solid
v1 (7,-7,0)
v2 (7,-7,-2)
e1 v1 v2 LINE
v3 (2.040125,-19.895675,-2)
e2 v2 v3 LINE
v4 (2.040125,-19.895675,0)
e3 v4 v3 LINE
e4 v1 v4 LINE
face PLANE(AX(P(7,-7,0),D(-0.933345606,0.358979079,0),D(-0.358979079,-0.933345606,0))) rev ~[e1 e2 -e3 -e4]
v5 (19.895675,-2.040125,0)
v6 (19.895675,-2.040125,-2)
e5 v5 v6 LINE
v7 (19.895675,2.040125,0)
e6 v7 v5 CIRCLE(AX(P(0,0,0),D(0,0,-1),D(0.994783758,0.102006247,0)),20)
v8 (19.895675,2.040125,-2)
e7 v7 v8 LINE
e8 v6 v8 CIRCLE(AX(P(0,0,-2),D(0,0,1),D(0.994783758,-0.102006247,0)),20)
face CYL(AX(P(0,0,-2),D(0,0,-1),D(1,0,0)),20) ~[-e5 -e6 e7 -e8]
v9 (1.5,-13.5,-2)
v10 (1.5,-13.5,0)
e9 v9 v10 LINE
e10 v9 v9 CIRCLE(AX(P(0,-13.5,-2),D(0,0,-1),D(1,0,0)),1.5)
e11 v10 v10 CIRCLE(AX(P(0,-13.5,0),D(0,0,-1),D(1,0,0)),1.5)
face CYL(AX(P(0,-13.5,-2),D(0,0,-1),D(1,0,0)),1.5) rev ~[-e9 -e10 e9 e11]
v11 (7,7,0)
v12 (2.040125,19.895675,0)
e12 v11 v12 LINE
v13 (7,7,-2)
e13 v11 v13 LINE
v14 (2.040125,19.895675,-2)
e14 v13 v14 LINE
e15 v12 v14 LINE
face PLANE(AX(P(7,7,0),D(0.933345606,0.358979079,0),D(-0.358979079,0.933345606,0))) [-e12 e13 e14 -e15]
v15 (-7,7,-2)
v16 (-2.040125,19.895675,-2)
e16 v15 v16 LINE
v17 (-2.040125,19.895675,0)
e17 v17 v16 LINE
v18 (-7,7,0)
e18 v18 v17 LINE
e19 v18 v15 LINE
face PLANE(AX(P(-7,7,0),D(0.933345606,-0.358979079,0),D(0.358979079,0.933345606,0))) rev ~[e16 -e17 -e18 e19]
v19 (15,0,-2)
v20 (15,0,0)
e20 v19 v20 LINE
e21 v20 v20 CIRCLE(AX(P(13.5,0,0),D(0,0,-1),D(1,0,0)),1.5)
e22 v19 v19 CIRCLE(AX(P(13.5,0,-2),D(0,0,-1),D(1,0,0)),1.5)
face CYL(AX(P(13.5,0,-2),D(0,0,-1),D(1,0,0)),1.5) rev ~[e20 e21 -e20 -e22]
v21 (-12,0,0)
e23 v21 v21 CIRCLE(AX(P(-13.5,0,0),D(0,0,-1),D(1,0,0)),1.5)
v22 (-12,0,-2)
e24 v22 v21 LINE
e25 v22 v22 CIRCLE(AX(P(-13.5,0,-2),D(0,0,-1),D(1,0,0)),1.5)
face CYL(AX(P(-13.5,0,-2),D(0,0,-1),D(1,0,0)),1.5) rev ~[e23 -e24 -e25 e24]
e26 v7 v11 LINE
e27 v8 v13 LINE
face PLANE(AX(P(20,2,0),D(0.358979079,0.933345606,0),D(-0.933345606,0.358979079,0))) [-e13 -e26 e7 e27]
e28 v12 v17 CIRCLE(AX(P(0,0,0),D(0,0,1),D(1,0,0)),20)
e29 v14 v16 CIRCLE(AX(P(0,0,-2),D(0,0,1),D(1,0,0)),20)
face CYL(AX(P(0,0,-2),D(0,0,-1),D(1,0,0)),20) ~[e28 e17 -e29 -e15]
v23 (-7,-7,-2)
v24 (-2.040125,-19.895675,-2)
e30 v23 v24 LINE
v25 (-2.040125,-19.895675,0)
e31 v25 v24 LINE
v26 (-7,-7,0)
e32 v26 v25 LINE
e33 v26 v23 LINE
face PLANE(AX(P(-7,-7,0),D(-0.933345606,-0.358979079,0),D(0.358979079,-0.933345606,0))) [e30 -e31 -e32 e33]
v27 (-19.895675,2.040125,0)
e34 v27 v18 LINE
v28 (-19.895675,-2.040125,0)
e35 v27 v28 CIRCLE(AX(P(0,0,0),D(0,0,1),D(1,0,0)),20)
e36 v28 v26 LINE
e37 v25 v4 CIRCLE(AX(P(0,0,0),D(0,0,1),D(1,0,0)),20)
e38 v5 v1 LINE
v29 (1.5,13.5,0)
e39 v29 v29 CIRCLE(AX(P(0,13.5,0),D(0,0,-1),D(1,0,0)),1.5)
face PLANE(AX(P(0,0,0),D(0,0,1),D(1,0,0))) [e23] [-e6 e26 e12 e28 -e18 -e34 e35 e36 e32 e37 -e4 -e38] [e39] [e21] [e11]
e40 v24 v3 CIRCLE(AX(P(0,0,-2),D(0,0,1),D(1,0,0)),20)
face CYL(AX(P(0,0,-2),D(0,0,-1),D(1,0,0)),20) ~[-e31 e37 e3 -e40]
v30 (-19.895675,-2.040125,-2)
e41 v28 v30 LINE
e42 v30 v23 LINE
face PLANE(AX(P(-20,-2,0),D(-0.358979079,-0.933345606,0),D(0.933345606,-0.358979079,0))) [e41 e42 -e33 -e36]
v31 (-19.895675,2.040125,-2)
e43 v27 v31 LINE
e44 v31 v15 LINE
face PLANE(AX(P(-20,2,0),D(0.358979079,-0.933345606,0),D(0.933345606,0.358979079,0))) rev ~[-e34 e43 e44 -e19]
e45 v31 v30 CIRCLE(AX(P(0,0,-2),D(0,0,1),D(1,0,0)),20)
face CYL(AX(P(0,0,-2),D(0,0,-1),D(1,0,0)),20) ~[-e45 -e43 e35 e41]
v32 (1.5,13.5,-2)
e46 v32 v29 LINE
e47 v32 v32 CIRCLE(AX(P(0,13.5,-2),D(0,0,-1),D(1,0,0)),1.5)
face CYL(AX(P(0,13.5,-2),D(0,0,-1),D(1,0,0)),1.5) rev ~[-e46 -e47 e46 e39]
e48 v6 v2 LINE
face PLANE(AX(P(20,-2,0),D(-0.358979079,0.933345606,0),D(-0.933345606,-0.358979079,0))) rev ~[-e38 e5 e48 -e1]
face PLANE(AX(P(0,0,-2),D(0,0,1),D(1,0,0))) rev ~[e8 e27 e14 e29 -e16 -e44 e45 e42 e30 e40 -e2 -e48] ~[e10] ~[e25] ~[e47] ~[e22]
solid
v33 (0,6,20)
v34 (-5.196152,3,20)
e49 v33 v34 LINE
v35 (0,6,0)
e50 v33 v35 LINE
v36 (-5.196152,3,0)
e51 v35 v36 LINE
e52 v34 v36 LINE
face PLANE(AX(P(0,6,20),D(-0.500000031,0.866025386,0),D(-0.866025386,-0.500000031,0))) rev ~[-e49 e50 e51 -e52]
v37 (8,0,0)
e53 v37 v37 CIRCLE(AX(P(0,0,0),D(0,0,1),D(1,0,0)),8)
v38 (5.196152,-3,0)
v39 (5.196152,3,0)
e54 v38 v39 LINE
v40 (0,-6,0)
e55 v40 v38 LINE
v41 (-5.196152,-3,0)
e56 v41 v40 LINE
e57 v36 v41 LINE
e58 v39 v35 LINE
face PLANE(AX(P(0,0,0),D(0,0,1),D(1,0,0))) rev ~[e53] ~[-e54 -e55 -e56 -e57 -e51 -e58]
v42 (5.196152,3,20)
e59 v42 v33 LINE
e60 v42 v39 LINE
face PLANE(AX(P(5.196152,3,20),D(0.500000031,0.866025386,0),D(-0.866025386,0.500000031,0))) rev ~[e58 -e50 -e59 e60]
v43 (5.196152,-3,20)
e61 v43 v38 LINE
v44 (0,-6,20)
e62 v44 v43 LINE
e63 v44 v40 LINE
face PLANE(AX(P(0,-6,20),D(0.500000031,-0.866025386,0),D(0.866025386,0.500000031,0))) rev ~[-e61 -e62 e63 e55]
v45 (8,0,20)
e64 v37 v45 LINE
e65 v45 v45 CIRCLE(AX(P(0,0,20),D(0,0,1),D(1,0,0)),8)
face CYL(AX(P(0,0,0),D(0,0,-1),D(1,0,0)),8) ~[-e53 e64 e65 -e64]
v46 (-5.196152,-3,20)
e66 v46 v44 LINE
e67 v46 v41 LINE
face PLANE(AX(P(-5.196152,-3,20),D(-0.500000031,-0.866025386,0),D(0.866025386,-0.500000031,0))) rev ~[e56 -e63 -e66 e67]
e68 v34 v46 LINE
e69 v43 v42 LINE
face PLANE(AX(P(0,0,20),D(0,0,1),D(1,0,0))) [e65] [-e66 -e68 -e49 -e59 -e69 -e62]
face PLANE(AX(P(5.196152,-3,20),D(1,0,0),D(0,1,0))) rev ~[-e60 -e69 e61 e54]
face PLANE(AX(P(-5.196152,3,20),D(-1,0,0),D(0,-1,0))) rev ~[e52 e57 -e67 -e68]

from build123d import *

# Parameters (mm, degrees)
EXTRUDE_DEPTH     = 30
CYLINDER_R        = 8
CYLINDER_DEPTH    = 20
EXTRUDE002_DEPTH  = 2
SKETCH001_R       = 1.5
EXTRUDE001_DEPTH  = 2
CYLINDER001_R     = 20
CYLINDER001_DEPTH = 2


with BuildPart() as extrude_body:
    # Sketch → Extrude (new body)
    with BuildSketch(Plane.XY.offset(20)):
        Polygon((0, 6), (-5.196152, 3), (-5.196152, -3), (0, -6), (5.196152, -3), (5.196152, 3), align=None)
    extrude(amount=-EXTRUDE_DEPTH)


with BuildPart() as cut:
    # Cylinder → Cylinder (new body)
    with BuildSketch(Plane.XY):
        Circle(CYLINDER_R)
    extrude(amount=CYLINDER_DEPTH)

    # Cut: cut Extrude body
    add(extrude_body.part, mode=Mode.SUBTRACT)


with BuildPart() as extrude002:
    # Sketch003 → Extrude002 (new body)
    with BuildSketch(Plane.XY):
        Polygon((-7, 7), (-2, 20), (-20, 20), (-20, 2), align=None)
        Polygon((-7, -7), (-2, -20), (-20, -20), (-20, -2), align=None)
        Polygon((7, -7), (2, -20), (20, -20), (20, -2), align=None)
        Polygon((7, 7), (2, 20), (20, 20), (20, 2), align=None)
    extrude(amount=-EXTRUDE002_DEPTH)


with BuildPart() as extrude001:
    # Sketch001 → Extrude001 (new body)
    with BuildSketch(Plane(origin=(0, 0, -2), x_dir=(1, 0, 0), z_dir=(0, 0, -1))):
        with Locations((0, 13.5)):
            Circle(SKETCH001_R)
        with Locations((13.5, 0)):
            Circle(SKETCH001_R)
        with Locations((0, -13.5)):
            Circle(SKETCH001_R)
        with Locations((-13.5, 0)):
            Circle(SKETCH001_R)
    extrude(amount=-EXTRUDE001_DEPTH)


with BuildPart() as cut002:
    # Cylinder001 → Cylinder001 (new body)
    with BuildSketch(Plane.XY.offset(-2)):
        Circle(CYLINDER001_R)
    extrude(amount=CYLINDER001_DEPTH)

    # Cut001: cut Extrude001
    add(extrude001.part, mode=Mode.SUBTRACT)

    # Cut002: cut Extrude002
    add(extrude002.part, mode=Mode.SUBTRACT)


solid = Compound([cut.part, cut002.part])
